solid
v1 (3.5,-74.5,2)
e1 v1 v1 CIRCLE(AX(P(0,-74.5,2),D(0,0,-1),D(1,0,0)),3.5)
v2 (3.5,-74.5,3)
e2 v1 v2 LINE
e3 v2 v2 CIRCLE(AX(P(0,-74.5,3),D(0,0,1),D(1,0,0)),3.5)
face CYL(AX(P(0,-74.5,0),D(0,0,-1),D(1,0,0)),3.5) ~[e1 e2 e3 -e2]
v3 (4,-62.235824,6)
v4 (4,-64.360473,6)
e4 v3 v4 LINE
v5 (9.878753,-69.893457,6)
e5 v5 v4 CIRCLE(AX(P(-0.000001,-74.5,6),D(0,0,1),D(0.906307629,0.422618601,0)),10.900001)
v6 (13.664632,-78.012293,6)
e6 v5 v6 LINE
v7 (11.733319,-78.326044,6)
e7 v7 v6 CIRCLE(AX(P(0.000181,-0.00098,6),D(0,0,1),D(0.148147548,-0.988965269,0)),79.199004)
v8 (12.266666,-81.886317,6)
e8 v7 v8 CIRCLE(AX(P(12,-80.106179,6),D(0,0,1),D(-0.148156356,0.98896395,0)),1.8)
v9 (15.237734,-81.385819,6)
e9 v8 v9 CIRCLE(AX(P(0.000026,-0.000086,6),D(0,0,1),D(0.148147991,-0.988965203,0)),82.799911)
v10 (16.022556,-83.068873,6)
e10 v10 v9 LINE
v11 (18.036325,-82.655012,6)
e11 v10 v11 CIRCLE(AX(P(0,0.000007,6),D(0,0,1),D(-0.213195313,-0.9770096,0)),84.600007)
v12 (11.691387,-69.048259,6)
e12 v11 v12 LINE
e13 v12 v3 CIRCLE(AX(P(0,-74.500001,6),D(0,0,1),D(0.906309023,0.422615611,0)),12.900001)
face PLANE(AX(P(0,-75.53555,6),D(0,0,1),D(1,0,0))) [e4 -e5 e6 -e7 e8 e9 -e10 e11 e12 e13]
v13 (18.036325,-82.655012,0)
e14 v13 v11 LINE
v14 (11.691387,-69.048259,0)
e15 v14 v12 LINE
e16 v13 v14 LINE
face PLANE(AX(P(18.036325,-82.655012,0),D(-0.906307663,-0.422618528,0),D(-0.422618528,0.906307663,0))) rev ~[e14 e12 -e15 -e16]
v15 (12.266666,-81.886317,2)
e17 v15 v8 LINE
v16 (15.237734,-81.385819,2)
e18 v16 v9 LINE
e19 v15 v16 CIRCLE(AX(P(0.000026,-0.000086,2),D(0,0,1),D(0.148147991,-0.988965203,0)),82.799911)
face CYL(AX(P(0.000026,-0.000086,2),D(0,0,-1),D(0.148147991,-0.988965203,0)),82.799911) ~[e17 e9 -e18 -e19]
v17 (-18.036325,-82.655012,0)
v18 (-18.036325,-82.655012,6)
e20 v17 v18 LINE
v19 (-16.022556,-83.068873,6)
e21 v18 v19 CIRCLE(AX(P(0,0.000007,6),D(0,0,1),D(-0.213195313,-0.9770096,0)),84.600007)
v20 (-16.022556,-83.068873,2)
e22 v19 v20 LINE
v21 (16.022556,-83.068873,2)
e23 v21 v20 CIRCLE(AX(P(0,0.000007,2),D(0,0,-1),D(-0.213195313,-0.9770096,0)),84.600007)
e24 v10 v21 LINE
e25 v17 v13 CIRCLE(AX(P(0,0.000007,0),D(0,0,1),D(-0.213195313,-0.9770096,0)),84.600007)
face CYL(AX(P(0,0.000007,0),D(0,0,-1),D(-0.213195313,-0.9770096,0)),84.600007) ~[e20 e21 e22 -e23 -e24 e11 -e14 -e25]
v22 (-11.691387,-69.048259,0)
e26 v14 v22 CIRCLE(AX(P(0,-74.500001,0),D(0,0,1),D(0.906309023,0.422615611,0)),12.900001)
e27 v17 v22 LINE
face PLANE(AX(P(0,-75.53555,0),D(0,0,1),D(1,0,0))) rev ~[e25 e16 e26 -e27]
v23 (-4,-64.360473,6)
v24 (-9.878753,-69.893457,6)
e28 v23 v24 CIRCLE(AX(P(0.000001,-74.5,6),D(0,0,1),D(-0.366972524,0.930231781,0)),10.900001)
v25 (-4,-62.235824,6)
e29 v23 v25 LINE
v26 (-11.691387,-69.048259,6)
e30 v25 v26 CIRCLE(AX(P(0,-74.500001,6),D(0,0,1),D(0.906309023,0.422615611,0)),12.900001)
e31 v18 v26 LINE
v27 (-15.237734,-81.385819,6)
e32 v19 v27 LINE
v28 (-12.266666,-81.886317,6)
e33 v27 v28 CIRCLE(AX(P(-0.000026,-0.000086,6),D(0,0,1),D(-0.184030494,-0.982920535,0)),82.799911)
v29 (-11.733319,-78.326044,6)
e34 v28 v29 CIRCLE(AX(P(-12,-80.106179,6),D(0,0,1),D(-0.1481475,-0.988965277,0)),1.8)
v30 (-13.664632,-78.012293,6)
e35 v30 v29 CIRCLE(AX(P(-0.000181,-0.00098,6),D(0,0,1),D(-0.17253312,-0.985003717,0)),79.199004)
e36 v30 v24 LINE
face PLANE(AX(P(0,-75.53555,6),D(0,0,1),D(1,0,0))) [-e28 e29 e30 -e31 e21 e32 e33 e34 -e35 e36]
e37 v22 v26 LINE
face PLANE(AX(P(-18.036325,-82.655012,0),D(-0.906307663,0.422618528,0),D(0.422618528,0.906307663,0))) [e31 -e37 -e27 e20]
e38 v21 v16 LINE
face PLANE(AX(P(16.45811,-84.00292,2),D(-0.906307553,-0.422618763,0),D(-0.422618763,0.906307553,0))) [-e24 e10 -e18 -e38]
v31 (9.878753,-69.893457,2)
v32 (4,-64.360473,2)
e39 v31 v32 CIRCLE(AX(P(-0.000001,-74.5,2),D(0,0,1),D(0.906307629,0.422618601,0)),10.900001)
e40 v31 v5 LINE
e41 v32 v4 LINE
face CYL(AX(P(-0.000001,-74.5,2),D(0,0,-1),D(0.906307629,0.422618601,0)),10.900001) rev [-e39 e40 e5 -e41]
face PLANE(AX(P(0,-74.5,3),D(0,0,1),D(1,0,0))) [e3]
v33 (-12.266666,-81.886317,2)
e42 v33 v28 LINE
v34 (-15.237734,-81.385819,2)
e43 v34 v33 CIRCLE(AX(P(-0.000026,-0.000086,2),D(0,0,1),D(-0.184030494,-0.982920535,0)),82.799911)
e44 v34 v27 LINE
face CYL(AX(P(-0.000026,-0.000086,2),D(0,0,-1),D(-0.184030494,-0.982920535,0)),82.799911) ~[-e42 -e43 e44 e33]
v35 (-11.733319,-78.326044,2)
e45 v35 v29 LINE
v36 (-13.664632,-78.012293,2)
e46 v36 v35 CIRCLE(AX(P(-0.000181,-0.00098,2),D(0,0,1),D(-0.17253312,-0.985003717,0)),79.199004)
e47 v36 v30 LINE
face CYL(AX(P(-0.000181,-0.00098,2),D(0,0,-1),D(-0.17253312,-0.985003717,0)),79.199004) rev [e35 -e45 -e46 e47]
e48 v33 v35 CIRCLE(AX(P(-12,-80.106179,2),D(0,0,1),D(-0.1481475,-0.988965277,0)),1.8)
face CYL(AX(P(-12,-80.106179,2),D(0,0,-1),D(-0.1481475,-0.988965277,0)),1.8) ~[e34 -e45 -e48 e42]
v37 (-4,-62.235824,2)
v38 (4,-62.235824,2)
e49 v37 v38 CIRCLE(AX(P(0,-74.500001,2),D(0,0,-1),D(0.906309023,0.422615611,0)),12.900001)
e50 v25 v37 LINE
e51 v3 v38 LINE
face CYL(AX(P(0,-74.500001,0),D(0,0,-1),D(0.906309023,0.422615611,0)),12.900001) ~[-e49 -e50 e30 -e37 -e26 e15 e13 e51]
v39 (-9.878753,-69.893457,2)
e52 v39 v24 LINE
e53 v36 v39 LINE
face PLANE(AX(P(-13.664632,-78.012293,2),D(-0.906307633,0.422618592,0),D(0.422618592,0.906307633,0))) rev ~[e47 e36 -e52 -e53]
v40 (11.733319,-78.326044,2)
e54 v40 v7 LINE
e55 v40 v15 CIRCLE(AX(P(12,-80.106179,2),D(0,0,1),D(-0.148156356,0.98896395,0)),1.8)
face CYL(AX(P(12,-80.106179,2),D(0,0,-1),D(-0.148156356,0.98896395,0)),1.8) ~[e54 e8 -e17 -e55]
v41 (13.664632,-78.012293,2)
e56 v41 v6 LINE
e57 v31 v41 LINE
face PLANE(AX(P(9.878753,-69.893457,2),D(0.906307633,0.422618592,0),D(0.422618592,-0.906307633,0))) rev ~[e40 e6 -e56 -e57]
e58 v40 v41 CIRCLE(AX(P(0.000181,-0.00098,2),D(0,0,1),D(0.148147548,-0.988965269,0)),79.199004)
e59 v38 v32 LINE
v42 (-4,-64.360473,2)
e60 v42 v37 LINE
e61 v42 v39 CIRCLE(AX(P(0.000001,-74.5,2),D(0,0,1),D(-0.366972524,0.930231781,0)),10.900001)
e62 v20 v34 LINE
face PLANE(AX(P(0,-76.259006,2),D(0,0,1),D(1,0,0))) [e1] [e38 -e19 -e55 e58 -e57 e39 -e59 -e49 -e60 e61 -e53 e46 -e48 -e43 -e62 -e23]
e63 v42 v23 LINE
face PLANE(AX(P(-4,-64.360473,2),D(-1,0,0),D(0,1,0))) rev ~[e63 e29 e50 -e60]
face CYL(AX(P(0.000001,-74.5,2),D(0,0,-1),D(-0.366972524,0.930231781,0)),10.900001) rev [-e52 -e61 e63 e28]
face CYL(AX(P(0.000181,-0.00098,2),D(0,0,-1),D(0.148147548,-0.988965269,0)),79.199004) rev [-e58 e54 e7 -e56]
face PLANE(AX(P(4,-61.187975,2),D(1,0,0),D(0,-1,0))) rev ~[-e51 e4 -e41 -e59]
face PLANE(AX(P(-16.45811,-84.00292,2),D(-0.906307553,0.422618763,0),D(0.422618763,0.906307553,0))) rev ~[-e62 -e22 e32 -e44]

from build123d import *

# Parameters (mm, degrees)
PAD001_DEPTH = 4
PAD_DEPTH    = 6
SKETCH002_R  = 3.5
PAD002_DEPTH = 3


with BuildPart() as groove_pad:
    # Sketch001 → Pad001 (new body)
    with BuildSketch(Plane.XY.offset(2)):
        with BuildLine():
            ThreePointArc((-4, -64.360473), (-7.470504, -66.562647), (-9.878753, -69.893457))
            Line((-13.664632, -78.012293), (-9.878753, -69.893457))
            ThreePointArc((-13.664632, -78.012293), (-12.699944, -78.175133), (-11.733319, -78.326044))
            ThreePointArc((-12.266666, -81.886317), (-10.219864, -80.372853), (-11.733319, -78.326044))
            ThreePointArc((-15.237734, -81.385819), (-13.754477, -81.649583), (-12.266666, -81.886317))
            Line((-16.45811, -84.00292), (-15.237734, -81.385819))
            ThreePointArc((-16.45811, -84.00292), (0, -85.6), (16.45811, -84.00292))
            Line((16.45811, -84.00292), (15.237734, -81.385819))
            ThreePointArc((12.266666, -81.886317), (13.754477, -81.649583), (15.237734, -81.385819))
            ThreePointArc((11.733319, -78.326044), (10.219864, -80.372853), (12.266666, -81.886317))
            ThreePointArc((11.733319, -78.326044), (12.699944, -78.175133), (13.664632, -78.012293))
            Line((9.878753, -69.893457), (13.664632, -78.012293))
            ThreePointArc((9.878753, -69.893457), (7.470504, -66.562647), (4, -64.360473))
            Line((4, -61.187975), (4, -64.360473))
            ThreePointArc((4, -61.187975), (0, -60.6), (-4, -61.187975))
            Line((-4, -64.360473), (-4, -61.187975))
        make_face()
    extrude(amount=PAD001_DEPTH)


with BuildPart() as groove_cut:
    # Sketch → Pad (new body)
    with BuildSketch(Plane.XY):
        with BuildLine():
            ThreePointArc((-18.036325, -82.655012), (0, -84.6), (18.036325, -82.655012))
            Line((18.036325, -82.655012), (11.691387, -69.048259))
            ThreePointArc((11.691387, -69.048259), (0, -61.6), (-11.691387, -69.048259))
            Line((-18.036325, -82.655012), (-11.691387, -69.048259))
        make_face()
    extrude(amount=PAD_DEPTH)

    # Cut: cut Groove_Pad
    add(groove_pad.part, mode=Mode.SUBTRACT)


with BuildPart() as fusion:
    # Sketch002 → Pad002 (new body)
    with BuildSketch(Plane.XY):
        with Locations((0, -74.5)):
            Circle(SKETCH002_R)
    extrude(amount=PAD002_DEPTH)

    # Fusion: union Groove_Cut
    add(groove_cut.part)


solid = fusion.part
